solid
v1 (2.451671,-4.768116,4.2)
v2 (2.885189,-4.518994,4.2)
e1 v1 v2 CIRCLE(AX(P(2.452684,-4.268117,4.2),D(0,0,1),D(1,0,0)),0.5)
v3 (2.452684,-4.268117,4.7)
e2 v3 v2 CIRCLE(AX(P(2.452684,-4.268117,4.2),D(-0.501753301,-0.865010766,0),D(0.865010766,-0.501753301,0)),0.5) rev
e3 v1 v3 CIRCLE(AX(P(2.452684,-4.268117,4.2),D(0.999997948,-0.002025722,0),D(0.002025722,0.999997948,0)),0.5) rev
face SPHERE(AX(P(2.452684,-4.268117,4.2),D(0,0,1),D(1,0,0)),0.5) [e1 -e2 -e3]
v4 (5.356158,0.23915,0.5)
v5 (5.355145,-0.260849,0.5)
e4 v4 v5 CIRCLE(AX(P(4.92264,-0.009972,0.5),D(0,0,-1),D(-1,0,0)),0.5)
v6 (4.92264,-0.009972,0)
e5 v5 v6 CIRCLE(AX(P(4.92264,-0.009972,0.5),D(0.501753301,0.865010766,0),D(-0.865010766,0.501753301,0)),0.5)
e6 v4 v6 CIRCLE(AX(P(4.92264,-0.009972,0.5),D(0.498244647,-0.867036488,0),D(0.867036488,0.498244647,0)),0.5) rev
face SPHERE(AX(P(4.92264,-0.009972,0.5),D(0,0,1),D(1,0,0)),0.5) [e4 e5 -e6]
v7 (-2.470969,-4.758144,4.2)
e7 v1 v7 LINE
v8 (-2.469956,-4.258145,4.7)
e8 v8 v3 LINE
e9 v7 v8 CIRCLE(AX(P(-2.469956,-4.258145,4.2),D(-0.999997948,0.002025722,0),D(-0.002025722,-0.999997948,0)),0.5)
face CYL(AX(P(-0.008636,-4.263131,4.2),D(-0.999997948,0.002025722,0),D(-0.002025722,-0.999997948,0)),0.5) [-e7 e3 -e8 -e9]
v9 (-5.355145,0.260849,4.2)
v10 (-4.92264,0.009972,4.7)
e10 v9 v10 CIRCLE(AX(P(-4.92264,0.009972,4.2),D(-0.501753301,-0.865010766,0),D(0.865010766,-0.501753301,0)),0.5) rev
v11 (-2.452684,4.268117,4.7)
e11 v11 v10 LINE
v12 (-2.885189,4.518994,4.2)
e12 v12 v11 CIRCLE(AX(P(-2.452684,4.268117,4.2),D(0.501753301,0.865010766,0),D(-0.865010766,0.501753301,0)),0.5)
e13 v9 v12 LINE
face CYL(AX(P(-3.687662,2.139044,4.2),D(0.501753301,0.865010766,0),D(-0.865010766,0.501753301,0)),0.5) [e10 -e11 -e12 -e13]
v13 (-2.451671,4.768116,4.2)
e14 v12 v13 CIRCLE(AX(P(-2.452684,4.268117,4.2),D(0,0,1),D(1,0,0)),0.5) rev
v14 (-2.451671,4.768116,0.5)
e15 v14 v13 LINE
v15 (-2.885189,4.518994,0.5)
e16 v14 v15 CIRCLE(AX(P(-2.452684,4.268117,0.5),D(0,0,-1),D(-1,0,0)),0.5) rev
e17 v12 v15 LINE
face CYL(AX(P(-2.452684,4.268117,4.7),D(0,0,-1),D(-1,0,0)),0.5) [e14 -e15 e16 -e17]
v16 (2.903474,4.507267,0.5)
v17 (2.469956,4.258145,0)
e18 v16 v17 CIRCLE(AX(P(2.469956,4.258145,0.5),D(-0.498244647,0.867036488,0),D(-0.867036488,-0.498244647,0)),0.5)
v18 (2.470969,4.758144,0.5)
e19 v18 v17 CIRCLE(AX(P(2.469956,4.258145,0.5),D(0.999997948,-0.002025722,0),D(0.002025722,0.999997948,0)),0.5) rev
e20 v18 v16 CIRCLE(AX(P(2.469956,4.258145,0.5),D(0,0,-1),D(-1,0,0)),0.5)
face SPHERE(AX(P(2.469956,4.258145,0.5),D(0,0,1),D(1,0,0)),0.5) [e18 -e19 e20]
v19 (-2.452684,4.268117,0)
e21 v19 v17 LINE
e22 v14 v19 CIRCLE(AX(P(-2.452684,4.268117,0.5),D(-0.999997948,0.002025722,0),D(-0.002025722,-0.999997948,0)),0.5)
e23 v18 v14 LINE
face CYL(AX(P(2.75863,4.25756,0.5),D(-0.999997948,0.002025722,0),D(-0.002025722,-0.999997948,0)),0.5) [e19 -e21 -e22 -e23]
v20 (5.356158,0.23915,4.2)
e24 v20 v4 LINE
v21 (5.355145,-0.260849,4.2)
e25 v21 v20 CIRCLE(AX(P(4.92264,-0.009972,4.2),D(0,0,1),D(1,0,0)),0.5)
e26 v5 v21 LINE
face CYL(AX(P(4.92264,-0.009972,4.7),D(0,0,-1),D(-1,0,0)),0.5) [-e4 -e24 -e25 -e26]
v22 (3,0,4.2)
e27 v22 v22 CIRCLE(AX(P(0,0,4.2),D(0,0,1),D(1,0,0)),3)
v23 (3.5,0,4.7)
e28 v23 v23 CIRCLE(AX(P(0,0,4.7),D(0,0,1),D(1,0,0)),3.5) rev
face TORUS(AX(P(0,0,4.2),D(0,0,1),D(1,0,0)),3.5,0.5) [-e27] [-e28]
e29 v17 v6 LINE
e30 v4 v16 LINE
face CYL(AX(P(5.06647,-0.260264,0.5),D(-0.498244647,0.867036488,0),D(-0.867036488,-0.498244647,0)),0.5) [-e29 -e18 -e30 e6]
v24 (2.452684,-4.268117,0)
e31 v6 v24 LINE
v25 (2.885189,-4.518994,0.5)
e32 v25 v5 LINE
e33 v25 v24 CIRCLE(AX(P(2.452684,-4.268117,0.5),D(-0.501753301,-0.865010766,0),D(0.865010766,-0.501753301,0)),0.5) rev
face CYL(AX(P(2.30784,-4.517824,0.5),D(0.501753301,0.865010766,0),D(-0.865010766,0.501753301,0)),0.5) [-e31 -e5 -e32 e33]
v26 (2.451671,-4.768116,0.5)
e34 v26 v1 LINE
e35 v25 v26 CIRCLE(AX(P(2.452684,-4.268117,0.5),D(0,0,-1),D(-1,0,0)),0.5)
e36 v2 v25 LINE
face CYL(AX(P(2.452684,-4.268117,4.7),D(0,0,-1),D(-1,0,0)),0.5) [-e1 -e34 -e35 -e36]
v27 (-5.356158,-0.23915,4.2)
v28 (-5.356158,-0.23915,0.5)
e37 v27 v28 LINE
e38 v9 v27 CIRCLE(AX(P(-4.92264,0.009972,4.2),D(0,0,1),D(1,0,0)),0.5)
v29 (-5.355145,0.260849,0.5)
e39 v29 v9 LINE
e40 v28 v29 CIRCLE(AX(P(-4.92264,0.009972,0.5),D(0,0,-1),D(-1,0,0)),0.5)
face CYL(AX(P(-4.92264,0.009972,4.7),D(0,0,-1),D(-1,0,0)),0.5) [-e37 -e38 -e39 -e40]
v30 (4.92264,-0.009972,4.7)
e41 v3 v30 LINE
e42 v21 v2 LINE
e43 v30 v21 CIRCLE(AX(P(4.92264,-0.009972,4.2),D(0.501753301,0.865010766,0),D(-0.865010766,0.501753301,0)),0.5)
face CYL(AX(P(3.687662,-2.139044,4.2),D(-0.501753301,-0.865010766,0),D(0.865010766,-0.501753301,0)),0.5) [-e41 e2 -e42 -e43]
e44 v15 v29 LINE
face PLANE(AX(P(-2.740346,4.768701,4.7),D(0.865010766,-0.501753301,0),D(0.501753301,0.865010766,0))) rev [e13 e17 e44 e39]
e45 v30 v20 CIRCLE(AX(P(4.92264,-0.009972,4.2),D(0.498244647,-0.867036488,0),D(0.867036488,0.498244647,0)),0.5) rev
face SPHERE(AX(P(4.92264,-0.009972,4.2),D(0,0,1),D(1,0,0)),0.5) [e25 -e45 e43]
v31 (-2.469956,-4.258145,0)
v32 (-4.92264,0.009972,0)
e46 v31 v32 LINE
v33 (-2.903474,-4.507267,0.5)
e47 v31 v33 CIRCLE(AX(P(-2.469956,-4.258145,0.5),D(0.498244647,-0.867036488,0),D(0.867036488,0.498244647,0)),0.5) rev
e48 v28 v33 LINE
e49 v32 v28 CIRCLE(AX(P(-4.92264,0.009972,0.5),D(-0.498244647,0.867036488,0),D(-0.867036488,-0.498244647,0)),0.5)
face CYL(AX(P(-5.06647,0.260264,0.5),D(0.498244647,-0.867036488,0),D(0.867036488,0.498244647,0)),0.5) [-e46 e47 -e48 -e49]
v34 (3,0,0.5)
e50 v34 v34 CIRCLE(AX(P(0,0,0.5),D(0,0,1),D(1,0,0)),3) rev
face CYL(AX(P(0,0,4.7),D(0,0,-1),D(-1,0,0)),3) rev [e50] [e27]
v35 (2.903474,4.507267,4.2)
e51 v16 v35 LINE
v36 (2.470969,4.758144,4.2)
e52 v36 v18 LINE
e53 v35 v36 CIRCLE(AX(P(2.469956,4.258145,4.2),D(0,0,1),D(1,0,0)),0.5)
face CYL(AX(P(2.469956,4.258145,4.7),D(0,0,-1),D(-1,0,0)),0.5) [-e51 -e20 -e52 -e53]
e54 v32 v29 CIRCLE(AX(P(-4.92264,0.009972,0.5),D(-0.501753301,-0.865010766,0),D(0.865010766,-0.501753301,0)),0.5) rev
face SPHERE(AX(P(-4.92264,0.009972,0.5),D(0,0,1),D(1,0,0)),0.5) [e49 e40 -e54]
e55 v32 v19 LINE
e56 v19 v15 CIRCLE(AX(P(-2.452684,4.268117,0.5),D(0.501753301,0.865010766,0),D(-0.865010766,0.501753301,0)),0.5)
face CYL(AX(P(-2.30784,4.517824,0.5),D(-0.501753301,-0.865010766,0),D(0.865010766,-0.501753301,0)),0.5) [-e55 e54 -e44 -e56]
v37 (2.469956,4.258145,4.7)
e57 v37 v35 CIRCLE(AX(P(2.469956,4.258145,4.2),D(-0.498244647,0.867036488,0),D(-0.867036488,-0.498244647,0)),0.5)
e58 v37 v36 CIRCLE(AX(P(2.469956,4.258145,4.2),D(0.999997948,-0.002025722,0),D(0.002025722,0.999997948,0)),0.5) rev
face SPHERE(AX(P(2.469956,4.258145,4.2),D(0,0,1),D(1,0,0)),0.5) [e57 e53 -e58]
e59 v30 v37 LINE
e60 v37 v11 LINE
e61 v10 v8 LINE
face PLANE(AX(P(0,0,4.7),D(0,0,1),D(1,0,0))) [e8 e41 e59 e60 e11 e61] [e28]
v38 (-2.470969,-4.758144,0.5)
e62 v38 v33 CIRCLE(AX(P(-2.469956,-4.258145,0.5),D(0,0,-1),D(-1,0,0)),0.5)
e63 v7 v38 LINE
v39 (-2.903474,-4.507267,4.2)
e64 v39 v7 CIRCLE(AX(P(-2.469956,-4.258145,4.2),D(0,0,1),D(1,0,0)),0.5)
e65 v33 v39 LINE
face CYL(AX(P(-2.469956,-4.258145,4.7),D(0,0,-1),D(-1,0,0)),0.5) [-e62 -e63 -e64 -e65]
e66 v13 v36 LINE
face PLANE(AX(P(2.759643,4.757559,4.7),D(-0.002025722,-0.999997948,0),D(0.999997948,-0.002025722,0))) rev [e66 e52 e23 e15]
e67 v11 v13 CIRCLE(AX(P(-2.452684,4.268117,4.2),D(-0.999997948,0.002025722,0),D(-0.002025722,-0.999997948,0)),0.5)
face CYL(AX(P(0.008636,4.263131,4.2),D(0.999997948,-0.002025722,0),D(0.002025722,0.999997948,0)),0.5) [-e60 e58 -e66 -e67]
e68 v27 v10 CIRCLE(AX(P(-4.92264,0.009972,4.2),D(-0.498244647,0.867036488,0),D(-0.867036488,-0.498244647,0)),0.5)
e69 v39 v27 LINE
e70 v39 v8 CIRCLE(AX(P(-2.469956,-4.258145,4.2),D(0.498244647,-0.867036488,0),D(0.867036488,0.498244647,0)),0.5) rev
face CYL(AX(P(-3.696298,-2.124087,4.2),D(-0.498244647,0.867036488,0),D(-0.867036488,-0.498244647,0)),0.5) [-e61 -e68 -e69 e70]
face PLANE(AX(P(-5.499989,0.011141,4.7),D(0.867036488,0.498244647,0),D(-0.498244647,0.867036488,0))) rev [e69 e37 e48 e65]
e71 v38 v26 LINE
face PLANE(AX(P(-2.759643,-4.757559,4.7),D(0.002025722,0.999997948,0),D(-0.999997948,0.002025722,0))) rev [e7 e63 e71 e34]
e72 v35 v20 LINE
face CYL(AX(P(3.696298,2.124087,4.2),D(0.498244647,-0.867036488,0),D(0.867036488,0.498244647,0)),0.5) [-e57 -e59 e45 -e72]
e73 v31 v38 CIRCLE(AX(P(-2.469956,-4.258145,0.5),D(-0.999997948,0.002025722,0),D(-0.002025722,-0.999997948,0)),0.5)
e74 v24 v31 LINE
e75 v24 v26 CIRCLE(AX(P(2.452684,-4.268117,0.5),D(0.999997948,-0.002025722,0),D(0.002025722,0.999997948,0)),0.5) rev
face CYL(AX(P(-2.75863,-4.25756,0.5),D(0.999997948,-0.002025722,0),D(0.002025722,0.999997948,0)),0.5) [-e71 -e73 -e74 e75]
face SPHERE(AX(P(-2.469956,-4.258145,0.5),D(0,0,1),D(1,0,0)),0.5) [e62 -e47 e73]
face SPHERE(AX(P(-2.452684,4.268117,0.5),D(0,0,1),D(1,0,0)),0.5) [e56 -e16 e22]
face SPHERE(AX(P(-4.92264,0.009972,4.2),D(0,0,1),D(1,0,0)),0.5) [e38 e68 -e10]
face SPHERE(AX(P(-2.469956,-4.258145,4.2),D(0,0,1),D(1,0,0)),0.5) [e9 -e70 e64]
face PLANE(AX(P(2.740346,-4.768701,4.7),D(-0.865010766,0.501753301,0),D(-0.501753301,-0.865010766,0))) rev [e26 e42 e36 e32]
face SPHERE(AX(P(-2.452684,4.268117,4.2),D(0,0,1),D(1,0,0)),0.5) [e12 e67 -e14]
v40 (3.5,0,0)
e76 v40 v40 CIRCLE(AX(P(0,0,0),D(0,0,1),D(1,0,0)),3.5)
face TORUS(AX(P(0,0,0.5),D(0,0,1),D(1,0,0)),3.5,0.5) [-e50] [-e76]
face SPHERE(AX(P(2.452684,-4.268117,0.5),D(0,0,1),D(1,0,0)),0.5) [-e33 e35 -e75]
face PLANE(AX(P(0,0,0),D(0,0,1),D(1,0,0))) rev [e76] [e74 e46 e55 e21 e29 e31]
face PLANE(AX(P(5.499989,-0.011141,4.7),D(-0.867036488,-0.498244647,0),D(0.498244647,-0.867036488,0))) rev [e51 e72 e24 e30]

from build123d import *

# Parameters (mm, degrees)
SKETCH1_R           = 3
BOSS_EXTRUDE1_DEPTH = 4.7
FILLET1_R           = 0.5


with BuildPart() as part:
    # Sketch1 → Boss-Extrude1 (new body)
    with BuildSketch(Plane.XY):
        Polygon((-2.740345561, 4.768700683), (-5.499988715, 0.011141471), (-2.759643154, -4.757559213), (2.740345561, -4.768700683), (5.499988715, -0.011141471), (2.759643154, 4.757559213), align=None)
        Circle(SKETCH1_R, mode=Mode.SUBTRACT)
    extrude(amount=BOSS_EXTRUDE1_DEPTH)

    # Fillet1
    fillet1_edges = [part.edges().sort_by_distance(p)[0] for p in [
        (-4.129815935, -2.373208871, 4.7),
        (2.759643154, 4.757559213, 2.35),
        (5.499988715, -0.011141471, 2.35),
        (2.740345561, -4.768700683, 2.35),
        (-2.759643154, -4.757559213, 2.35),
        (-5.499988715, 0.011141471, 2.35),
        (-2.740345561, 4.768700683, 2.35),
        (-0.009648797, -4.763129948, 4.7),
        (4.120167138, -2.389921077, 4.7),
        (-3, 0, 0),
        (-3, 0, 4.7),
        (4.129815935, 2.373208871, 4.7),
        (0.009648797, 4.763129948, 4.7),
        (4.129815935, 2.373208871, 0),
        (4.120167138, -2.389921077, 0),
        (-0.009648797, -4.763129948, 0),
        (-4.120167138, 2.389921077, 4.7),
        (-4.129815935, -2.373208871, 0),
        (-4.120167138, 2.389921077, 0),
        (0.009648797, 4.763129948, 0),
    ]]
    fillet(fillet1_edges, radius=FILLET1_R)


solid = part.part
